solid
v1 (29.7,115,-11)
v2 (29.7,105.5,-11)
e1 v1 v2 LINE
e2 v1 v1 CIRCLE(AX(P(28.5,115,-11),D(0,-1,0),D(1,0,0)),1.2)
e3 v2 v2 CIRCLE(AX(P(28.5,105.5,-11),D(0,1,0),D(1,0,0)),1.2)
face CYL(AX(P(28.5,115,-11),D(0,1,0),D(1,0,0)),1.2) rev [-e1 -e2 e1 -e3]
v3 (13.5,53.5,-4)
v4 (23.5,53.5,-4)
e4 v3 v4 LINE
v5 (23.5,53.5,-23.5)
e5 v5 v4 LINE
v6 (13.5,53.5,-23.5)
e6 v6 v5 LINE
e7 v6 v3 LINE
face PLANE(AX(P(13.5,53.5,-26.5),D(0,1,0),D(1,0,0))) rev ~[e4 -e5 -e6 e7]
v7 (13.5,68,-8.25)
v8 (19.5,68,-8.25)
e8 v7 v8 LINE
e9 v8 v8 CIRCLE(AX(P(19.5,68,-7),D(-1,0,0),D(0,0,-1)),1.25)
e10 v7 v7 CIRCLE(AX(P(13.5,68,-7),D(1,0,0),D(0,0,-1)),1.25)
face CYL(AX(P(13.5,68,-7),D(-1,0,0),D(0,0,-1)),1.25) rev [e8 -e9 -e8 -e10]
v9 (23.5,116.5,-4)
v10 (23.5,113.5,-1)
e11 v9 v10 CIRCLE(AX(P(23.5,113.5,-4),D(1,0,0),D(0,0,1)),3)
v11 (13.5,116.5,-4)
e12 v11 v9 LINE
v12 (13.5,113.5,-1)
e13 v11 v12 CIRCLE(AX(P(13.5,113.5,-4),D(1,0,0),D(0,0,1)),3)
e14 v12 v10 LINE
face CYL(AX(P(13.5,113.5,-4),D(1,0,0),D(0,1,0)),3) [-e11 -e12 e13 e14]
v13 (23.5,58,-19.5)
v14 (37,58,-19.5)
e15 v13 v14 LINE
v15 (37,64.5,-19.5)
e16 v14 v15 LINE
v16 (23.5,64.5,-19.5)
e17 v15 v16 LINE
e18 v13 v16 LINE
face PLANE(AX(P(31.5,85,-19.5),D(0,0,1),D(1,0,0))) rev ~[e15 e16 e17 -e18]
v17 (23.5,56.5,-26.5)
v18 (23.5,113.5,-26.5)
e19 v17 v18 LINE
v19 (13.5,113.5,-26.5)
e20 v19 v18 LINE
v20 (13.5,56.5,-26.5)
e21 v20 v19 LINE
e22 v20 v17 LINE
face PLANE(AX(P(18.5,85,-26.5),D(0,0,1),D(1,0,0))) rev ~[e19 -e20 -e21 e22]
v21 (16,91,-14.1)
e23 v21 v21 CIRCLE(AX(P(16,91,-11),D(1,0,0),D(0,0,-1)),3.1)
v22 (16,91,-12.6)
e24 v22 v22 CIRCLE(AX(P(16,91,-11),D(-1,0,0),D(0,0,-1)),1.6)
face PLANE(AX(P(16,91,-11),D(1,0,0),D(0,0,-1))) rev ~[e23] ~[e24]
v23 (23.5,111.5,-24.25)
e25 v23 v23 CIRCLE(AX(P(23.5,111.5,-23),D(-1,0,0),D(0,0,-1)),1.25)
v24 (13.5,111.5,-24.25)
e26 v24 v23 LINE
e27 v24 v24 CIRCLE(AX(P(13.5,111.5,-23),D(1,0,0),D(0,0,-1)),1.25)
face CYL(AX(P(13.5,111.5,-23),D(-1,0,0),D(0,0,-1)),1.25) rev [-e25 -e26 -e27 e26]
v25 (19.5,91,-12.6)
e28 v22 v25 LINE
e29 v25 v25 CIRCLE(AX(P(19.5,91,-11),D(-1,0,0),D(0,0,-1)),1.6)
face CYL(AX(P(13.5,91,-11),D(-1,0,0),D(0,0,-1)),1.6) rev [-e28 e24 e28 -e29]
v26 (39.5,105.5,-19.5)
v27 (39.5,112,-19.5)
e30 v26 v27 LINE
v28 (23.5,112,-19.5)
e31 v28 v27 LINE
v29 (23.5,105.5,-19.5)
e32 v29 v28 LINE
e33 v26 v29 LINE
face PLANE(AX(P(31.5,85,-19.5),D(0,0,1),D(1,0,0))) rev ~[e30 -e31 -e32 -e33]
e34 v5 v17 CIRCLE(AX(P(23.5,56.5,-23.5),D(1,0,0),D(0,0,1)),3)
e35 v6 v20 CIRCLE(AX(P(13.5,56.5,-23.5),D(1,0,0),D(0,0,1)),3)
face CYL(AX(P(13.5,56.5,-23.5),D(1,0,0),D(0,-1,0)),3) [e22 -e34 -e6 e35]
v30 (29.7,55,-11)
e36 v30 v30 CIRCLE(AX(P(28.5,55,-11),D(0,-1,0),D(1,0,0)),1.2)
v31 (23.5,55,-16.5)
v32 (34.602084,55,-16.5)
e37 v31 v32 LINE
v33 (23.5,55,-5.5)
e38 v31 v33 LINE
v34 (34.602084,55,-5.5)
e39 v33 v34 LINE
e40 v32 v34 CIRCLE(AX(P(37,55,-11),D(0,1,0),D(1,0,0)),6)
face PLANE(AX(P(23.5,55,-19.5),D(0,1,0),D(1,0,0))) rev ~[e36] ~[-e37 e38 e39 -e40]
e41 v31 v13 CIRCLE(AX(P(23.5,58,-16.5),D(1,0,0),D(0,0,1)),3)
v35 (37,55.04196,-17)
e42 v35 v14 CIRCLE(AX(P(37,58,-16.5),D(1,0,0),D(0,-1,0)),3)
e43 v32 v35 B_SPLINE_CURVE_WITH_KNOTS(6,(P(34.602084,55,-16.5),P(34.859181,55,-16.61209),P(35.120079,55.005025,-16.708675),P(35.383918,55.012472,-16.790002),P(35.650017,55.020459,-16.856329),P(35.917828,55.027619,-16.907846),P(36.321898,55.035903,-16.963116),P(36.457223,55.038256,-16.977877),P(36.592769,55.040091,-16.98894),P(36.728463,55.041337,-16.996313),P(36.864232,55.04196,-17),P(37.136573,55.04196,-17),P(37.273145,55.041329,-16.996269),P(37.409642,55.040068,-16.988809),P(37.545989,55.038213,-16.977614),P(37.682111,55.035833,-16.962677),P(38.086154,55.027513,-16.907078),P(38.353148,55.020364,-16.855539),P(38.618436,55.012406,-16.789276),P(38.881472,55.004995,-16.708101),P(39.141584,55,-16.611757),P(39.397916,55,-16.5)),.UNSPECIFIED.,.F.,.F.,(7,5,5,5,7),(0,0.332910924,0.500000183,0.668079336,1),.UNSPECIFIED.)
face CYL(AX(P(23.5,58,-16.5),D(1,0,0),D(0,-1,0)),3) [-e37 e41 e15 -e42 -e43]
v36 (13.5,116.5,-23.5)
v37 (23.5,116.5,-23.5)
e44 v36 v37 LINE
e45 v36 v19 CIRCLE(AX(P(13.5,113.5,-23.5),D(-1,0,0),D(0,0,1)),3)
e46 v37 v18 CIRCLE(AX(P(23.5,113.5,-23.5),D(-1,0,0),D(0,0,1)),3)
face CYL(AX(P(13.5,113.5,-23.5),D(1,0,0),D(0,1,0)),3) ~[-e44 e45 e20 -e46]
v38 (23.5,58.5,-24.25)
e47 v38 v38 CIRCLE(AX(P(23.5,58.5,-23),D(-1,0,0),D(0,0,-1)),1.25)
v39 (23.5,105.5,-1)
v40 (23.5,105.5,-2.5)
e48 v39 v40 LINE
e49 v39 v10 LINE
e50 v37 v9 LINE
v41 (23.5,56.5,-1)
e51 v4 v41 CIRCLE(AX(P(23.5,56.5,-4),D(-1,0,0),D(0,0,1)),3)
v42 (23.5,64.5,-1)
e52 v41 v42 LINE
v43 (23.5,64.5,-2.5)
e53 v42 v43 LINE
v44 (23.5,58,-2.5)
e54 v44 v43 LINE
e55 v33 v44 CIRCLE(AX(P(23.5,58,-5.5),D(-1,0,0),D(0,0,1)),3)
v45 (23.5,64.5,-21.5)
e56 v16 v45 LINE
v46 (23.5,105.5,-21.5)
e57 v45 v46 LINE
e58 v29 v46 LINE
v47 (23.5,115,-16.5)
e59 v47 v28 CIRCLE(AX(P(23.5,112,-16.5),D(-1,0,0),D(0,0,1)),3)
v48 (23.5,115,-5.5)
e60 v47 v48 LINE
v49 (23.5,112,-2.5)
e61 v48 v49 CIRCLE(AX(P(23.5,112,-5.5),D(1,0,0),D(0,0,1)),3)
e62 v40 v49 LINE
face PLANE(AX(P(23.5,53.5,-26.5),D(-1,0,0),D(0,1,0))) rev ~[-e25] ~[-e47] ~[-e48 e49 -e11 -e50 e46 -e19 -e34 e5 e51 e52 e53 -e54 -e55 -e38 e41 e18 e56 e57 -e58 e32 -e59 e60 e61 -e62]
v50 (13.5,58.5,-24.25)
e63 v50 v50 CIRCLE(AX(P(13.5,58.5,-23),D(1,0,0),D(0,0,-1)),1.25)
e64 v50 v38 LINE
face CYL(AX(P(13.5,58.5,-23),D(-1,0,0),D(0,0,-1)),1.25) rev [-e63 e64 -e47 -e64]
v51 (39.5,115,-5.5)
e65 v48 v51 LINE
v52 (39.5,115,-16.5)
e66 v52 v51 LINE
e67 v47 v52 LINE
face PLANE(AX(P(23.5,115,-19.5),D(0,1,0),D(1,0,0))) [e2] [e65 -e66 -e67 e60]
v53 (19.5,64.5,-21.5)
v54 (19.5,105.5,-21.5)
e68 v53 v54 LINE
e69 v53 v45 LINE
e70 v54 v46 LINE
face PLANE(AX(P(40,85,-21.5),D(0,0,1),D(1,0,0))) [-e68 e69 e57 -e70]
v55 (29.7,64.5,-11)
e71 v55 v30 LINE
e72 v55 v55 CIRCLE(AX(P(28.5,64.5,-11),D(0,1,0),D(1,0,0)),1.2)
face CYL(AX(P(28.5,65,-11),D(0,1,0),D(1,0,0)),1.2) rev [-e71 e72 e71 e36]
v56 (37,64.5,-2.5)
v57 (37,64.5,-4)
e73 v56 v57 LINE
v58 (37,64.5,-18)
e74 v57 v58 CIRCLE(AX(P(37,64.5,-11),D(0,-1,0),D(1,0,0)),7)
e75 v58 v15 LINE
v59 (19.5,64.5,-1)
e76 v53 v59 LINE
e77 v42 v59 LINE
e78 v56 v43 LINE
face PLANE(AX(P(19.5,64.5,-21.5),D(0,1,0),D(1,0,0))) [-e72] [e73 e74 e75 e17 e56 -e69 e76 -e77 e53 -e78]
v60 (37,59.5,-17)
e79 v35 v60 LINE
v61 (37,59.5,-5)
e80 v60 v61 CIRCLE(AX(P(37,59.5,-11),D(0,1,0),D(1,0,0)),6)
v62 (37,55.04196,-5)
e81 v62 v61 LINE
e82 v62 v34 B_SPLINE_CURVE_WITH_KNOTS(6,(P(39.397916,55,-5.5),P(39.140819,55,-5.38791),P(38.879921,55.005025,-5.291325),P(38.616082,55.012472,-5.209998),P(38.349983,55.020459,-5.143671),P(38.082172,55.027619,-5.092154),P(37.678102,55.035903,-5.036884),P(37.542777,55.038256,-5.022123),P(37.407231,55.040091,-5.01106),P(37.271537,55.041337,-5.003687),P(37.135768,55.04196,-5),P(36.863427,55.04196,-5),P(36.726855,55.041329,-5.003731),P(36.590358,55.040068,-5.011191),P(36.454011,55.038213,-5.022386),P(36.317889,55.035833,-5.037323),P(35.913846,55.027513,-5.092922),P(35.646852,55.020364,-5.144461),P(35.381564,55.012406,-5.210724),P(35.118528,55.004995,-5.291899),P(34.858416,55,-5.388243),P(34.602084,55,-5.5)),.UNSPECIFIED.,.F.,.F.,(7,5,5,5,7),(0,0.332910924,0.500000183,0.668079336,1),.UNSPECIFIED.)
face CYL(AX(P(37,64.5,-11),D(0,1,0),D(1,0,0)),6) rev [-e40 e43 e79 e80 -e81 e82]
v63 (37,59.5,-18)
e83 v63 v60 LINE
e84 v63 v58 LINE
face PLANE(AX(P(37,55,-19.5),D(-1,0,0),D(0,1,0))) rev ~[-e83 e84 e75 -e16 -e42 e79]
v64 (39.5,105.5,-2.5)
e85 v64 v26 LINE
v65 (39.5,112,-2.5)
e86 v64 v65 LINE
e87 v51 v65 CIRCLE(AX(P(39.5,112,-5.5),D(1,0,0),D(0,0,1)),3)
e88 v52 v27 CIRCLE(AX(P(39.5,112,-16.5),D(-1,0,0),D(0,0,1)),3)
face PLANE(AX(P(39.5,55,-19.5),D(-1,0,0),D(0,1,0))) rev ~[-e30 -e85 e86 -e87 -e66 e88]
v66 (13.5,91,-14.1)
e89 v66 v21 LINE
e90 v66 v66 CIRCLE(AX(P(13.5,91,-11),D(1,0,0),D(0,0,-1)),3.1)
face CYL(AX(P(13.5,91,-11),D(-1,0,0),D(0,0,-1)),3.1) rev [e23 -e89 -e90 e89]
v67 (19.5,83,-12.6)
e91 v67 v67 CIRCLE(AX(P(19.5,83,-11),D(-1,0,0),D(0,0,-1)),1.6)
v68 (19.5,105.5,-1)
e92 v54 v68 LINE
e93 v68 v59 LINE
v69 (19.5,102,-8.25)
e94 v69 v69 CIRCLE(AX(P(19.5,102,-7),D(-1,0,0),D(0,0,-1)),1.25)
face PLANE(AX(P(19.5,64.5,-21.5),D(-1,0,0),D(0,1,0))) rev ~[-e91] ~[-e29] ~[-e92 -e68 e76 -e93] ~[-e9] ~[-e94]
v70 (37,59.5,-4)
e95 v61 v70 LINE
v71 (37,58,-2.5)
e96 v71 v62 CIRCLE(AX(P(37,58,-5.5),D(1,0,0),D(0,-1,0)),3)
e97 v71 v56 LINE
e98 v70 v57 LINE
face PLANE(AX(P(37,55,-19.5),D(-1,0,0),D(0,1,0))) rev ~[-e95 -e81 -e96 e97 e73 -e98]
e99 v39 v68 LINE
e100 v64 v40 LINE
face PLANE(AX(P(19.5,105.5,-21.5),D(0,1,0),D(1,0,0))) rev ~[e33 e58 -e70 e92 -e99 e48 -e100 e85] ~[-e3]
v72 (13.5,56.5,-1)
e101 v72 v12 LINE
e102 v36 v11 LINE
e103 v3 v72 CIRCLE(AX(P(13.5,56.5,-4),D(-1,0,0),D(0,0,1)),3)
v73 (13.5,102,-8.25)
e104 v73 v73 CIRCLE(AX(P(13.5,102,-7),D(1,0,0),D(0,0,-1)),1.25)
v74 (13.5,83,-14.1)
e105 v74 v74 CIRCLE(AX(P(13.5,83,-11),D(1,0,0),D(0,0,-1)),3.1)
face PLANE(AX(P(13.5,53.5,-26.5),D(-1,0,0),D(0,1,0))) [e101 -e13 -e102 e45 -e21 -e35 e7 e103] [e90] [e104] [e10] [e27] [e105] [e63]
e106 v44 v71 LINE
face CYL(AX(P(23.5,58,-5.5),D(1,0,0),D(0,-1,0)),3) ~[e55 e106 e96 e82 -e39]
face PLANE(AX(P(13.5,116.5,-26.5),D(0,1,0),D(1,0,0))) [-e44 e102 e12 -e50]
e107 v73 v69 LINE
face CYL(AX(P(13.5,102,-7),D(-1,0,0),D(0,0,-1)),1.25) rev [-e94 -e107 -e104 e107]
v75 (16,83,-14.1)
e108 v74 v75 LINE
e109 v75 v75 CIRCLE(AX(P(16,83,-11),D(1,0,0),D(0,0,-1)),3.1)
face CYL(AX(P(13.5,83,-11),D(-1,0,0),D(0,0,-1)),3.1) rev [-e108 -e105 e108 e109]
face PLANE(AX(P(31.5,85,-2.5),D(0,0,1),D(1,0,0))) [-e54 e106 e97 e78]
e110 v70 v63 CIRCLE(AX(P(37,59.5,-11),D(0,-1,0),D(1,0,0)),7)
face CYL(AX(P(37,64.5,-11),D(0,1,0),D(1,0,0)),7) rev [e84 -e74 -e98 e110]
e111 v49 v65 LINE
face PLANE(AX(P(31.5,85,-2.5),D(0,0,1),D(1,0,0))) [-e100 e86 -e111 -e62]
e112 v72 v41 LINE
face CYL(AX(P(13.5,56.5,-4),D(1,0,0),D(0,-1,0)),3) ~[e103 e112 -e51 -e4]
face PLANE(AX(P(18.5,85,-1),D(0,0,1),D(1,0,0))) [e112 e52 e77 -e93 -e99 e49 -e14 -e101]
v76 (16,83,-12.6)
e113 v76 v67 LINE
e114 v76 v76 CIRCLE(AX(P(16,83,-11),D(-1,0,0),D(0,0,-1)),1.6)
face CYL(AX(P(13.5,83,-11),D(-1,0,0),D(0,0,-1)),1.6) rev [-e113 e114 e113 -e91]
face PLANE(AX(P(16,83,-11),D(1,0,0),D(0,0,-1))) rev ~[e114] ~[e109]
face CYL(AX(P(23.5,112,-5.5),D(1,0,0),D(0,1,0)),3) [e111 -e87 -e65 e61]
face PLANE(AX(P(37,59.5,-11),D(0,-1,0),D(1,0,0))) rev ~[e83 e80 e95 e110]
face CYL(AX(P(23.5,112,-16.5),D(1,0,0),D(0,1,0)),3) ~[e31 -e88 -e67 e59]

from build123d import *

# Parameters (mm, degrees)
CYLINDER893_R           = 1.6
CYLINDER893_DEPTH       = 10
CYLINDER893_PITCH_ANGLE = 90
CYLINDER894_R           = 1.6
CYLINDER894_DEPTH       = 10
CYLINDER894_PITCH_ANGLE = 90
CYLINDER896_R           = 3.1
CYLINDER896_DEPTH       = 2.5
CYLINDER896_PITCH_ANGLE = 90
CYLINDER895_R           = 3.1
CYLINDER895_DEPTH       = 2.5
CYLINDER895_PITCH_ANGLE = 90
BOX550_W                = 41
BOX550_H                = 41
BOX550_DEPTH            = 21
CYLINDER891_R           = 6
CYLINDER891_DEPTH       = 11
CYLINDER891_ROLL_ANGLE  = 90
CYLINDER945_R           = 7
CYLINDER945_DEPTH       = 5
CYLINDER945_ROLL_ANGLE  = 90
BOX559_W                = 10
BOX559_H                = 10
BOX559_DEPTH            = 17
CYLINDER693_R           = 1.2
CYLINDER693_DEPTH       = 10
CYLINDER693_ROLL_ANGLE  = 90
CYLINDER692_R           = 1.2
CYLINDER692_DEPTH       = 10
CYLINDER692_ROLL_ANGLE  = 90
CYLINDER697_R           = 1.25
CYLINDER697_DEPTH       = 15
CYLINDER697_PITCH_ANGLE = 90
CYLINDER695_R           = 1.25
CYLINDER695_DEPTH       = 11
CYLINDER695_PITCH_ANGLE = 90
CYLINDER696_R           = 1.25
CYLINDER696_DEPTH       = 15
CYLINDER696_PITCH_ANGLE = 90
CYLINDER694_R           = 1.25
CYLINDER694_DEPTH       = 11
CYLINDER694_PITCH_ANGLE = 90
BOX472_W                = 16
BOX472_H                = 60
BOX472_DEPTH            = 17
FILLET333_R             = 3
BOX473_W                = 10
BOX473_H                = 63
BOX473_DEPTH            = 25.5
FILLET332_R             = 3


with BuildPart() as cylinder1049:
    # Cylinder893 → Cylinder893 (new body)
    with BuildSketch(Plane.XY):
        Circle(CYLINDER893_R)
    extrude(amount=CYLINDER893_DEPTH)


with BuildPart() as cylinder1049_1:
    # Cylinder893 pitch: moved
    add(cylinder1049.part.rotate(Axis((0, 0, 0), (0, 1, 0)), CYLINDER893_PITCH_ANGLE))


with BuildPart() as cylinder1049_2:
    # Cylinder893 placement: moved
    add(cylinder1049_1.part.moved(Location((13.5, 83, -11))))


with BuildPart() as cylinder1050:
    # Cylinder894 → Cylinder894 (new body)
    with BuildSketch(Plane.XY):
        Circle(CYLINDER894_R)
    extrude(amount=CYLINDER894_DEPTH)


with BuildPart() as cylinder1050_1:
    # Cylinder894 pitch: moved
    add(cylinder1050.part.rotate(Axis((0, 0, 0), (0, 1, 0)), CYLINDER894_PITCH_ANGLE))


with BuildPart() as cylinder1050_2:
    # Cylinder894 placement: moved
    add(cylinder1050_1.part.moved(Location((13.5, 91, -11))))


with BuildPart() as cylinder1052:
    # Cylinder896 → Cylinder896 (new body)
    with BuildSketch(Plane.XY):
        Circle(CYLINDER896_R)
    extrude(amount=CYLINDER896_DEPTH)


with BuildPart() as cylinder1052_1:
    # Cylinder896 pitch: moved
    add(cylinder1052.part.rotate(Axis((0, 0, 0), (0, 1, 0)), CYLINDER896_PITCH_ANGLE))


with BuildPart() as cylinder1052_2:
    # Cylinder896 placement: moved
    add(cylinder1052_1.part.moved(Location((13.5, 83, -11))))


with BuildPart() as fusion593:
    # Cylinder895 → Cylinder895 (new body)
    with BuildSketch(Plane.XY):
        Circle(CYLINDER895_R)
    extrude(amount=CYLINDER895_DEPTH)


with BuildPart() as fusion593_1:
    # Cylinder895 pitch: moved
    add(fusion593.part.rotate(Axis((0, 0, 0), (0, 1, 0)), CYLINDER895_PITCH_ANGLE))


with BuildPart() as fusion593_2:
    # Cylinder895 placement: moved
    add(fusion593_1.part.moved(Location((13.5, 91, -11))))

    # Fusion593: union Cylinder1049, Cylinder1050, Cylinder1052
    add(cylinder1049_2.part)
    add(cylinder1050_2.part)
    add(cylinder1052_2.part)


with BuildPart() as cube741:
    # Box550 → Box550 (new body)
    with BuildSketch(Plane(origin=(19.5, 64.5, -21.5), x_dir=(1, 0, 0), z_dir=(0, 0, 1))):
        with Locations((20.5, 20.5)):
            Rectangle(BOX550_W, BOX550_H)
    extrude(amount=BOX550_DEPTH)


with BuildPart() as cylinder1048:
    # Cylinder891 → Cylinder891 (new body)
    with BuildSketch(Plane.XY):
        Circle(CYLINDER891_R)
    extrude(amount=CYLINDER891_DEPTH)


with BuildPart() as cylinder1048_1:
    # Cylinder891 roll: moved
    add(cylinder1048.part.rotate(Axis((0, 0, 0), (1, 0, 0)), CYLINDER891_ROLL_ANGLE))


with BuildPart() as cylinder1048_2:
    # Cylinder891 placement: moved
    add(cylinder1048_1.part.moved(Location((37, 64.5, -11))))


with BuildPart() as cylinder1090:
    # Cylinder945 → Cylinder945 (new body)
    with BuildSketch(Plane.XY):
        Circle(CYLINDER945_R)
    extrude(amount=CYLINDER945_DEPTH)


with BuildPart() as cylinder1090_1:
    # Cylinder945 roll: moved
    add(cylinder1090.part.rotate(Axis((0, 0, 0), (1, 0, 0)), CYLINDER945_ROLL_ANGLE))


with BuildPart() as cylinder1090_2:
    # Cylinder945 placement: moved
    add(cylinder1090_1.part.moved(Location((37, 64.5, -11))))


with BuildPart() as fusion598:
    # Box559 → Box559 (new body)
    with BuildSketch(Plane(origin=(37, 55, -19.5), x_dir=(1, 0, 0), z_dir=(0, 0, 1))):
        with Locations((5, 5)):
            Rectangle(BOX559_W, BOX559_H)
    extrude(amount=BOX559_DEPTH)

    # Fusion598: union Cube741, Cylinder1048, Cylinder1090
    add(cube741.part)
    add(cylinder1048_2.part)
    add(cylinder1090_2.part)


with BuildPart() as cylinder943:
    # Cylinder693 → Cylinder693 (new body)
    with BuildSketch(Plane.XY):
        Circle(CYLINDER693_R)
    extrude(amount=CYLINDER693_DEPTH)


with BuildPart() as cylinder943_1:
    # Cylinder693 roll: moved
    add(cylinder943.part.rotate(Axis((0, 0, 0), (1, 0, 0)), CYLINDER693_ROLL_ANGLE))


with BuildPart() as cylinder943_2:
    # Cylinder693 placement: moved
    add(cylinder943_1.part.moved(Location((3, 10, 10))))


with BuildPart() as fusion462:
    # Cylinder692 → Cylinder692 (new body)
    with BuildSketch(Plane.XY):
        Circle(CYLINDER692_R)
    extrude(amount=CYLINDER692_DEPTH)


with BuildPart() as fusion462_1:
    # Cylinder692 roll: moved
    add(fusion462.part.rotate(Axis((0, 0, 0), (1, 0, 0)), CYLINDER692_ROLL_ANGLE))


with BuildPart() as fusion462_2:
    # Cylinder692 placement: moved
    add(fusion462_1.part.moved(Location((3, 60, 10))))

    # Fusion462: union Cylinder943
    add(cylinder943_2.part)


with BuildPart() as fusion462_3:
    # Fusion462 placement: moved
    add(fusion462_2.part.moved(Location((0, 0, 2))))


with BuildPart() as cylinder976:
    # Cylinder697 → Cylinder697 (new body)
    with BuildSketch(Plane.XY):
        Circle(CYLINDER697_R)
    extrude(amount=CYLINDER697_DEPTH)


with BuildPart() as cylinder976_1:
    # Cylinder697 pitch: moved
    add(cylinder976.part.rotate(Axis((0, 0, 0), (0, 1, 0)), CYLINDER697_PITCH_ANGLE))


with BuildPart() as cylinder976_2:
    # Cylinder697 placement: moved
    add(cylinder976_1.part.moved(Location((-2, 23, 15))))


with BuildPart() as cylinder974:
    # Cylinder695 → Cylinder695 (new body)
    with BuildSketch(Plane.XY):
        Circle(CYLINDER695_R)
    extrude(amount=CYLINDER695_DEPTH)


with BuildPart() as cylinder974_1:
    # Cylinder695 pitch: moved
    add(cylinder974.part.rotate(Axis((0, 0, 0), (0, 1, 0)), CYLINDER695_PITCH_ANGLE))


with BuildPart() as cylinder974_2:
    # Cylinder695 placement: moved
    add(cylinder974_1.part.moved(Location((-2, 13.5, -1))))


with BuildPart() as cylinder975:
    # Cylinder696 → Cylinder696 (new body)
    with BuildSketch(Plane.XY):
        Circle(CYLINDER696_R)
    extrude(amount=CYLINDER696_DEPTH)


with BuildPart() as cylinder975_1:
    # Cylinder696 pitch: moved
    add(cylinder975.part.rotate(Axis((0, 0, 0), (0, 1, 0)), CYLINDER696_PITCH_ANGLE))


with BuildPart() as cylinder975_2:
    # Cylinder696 placement: moved
    add(cylinder975_1.part.moved(Location((-2, 57, 15))))


with BuildPart() as fusion463:
    # Cylinder694 → Cylinder694 (new body)
    with BuildSketch(Plane.XY):
        Circle(CYLINDER694_R)
    extrude(amount=CYLINDER694_DEPTH)


with BuildPart() as fusion463_1:
    # Cylinder694 pitch: moved
    add(fusion463.part.rotate(Axis((0, 0, 0), (0, 1, 0)), CYLINDER694_PITCH_ANGLE))


with BuildPart() as fusion463_2:
    # Cylinder694 placement: moved
    add(fusion463_1.part.moved(Location((-2, 66.5, -1))))

    # Fusion460: union Cylinder976, Cylinder974, Cylinder975
    add(cylinder976_2.part)
    add(cylinder974_2.part)
    add(cylinder975_2.part)


with BuildPart() as fusion463_3:
    # Fusion460 placement: moved
    add(fusion463_2.part.moved(Location((-10, -10, 1))))

    # Fusion463: union Fusion462
    add(fusion462_3.part)


with BuildPart() as fusion463_4:
    # Fusion463 placement: moved
    add(fusion463_3.part.moved(Location((25.5, 55, -23))))


with BuildPart() as fillet333:
    # Box472 → Box472 (new body)
    with BuildSketch(Plane(origin=(-2, 0, 1.5), x_dir=(1, 0, 0), z_dir=(0, 0, 1))):
        with Locations((8, 30)):
            Rectangle(BOX472_W, BOX472_H)
    extrude(amount=BOX472_DEPTH)

    # Fillet333
    fillet333_edges = [fillet333.edges().sort_by_distance(p)[0] for p in [
        (6, 0, 1.5),
        (6, 0, 18.5),
        (6, 60, 1.5),
        (6, 60, 18.5),
    ]]
    fillet(fillet333_edges, radius=FILLET333_R)


with BuildPart() as fillet333_1:
    # Fillet333 placement: moved
    add(fillet333.part.moved(Location((25.5, 55, -21))))


with BuildPart() as cross_member_front:
    # Box473 → Box473 (new body)
    with BuildSketch(Plane(origin=(-12, 0, -5), x_dir=(1, 0, 0), z_dir=(0, 0, 1))):
        with Locations((5, 31.5)):
            Rectangle(BOX473_W, BOX473_H)
    extrude(amount=BOX473_DEPTH)

    # Fillet332
    fillet332_edges = [cross_member_front.edges().sort_by_distance(p)[0] for p in [
        (-7, 0, -5),
        (-7, 0, 20.5),
        (-7, 63, -5),
        (-7, 63, 20.5),
    ]]
    fillet(fillet332_edges, radius=FILLET332_R)


with BuildPart() as cross_member_front_1:
    # Fillet332 placement: moved
    add(cross_member_front.part.moved(Location((25.5, 53.5, -21.5))))

    # Fusion464: union Fillet333
    add(fillet333_1.part)

    # Cut581: cut Fusion463
    add(fusion463_4.part, mode=Mode.SUBTRACT)

    # Cut696: cut Fusion598
    add(fusion598.part, mode=Mode.SUBTRACT)

    # Cut697: cut Fusion593
    add(fusion593_2.part, mode=Mode.SUBTRACT)


solid = cross_member_front_1.part
